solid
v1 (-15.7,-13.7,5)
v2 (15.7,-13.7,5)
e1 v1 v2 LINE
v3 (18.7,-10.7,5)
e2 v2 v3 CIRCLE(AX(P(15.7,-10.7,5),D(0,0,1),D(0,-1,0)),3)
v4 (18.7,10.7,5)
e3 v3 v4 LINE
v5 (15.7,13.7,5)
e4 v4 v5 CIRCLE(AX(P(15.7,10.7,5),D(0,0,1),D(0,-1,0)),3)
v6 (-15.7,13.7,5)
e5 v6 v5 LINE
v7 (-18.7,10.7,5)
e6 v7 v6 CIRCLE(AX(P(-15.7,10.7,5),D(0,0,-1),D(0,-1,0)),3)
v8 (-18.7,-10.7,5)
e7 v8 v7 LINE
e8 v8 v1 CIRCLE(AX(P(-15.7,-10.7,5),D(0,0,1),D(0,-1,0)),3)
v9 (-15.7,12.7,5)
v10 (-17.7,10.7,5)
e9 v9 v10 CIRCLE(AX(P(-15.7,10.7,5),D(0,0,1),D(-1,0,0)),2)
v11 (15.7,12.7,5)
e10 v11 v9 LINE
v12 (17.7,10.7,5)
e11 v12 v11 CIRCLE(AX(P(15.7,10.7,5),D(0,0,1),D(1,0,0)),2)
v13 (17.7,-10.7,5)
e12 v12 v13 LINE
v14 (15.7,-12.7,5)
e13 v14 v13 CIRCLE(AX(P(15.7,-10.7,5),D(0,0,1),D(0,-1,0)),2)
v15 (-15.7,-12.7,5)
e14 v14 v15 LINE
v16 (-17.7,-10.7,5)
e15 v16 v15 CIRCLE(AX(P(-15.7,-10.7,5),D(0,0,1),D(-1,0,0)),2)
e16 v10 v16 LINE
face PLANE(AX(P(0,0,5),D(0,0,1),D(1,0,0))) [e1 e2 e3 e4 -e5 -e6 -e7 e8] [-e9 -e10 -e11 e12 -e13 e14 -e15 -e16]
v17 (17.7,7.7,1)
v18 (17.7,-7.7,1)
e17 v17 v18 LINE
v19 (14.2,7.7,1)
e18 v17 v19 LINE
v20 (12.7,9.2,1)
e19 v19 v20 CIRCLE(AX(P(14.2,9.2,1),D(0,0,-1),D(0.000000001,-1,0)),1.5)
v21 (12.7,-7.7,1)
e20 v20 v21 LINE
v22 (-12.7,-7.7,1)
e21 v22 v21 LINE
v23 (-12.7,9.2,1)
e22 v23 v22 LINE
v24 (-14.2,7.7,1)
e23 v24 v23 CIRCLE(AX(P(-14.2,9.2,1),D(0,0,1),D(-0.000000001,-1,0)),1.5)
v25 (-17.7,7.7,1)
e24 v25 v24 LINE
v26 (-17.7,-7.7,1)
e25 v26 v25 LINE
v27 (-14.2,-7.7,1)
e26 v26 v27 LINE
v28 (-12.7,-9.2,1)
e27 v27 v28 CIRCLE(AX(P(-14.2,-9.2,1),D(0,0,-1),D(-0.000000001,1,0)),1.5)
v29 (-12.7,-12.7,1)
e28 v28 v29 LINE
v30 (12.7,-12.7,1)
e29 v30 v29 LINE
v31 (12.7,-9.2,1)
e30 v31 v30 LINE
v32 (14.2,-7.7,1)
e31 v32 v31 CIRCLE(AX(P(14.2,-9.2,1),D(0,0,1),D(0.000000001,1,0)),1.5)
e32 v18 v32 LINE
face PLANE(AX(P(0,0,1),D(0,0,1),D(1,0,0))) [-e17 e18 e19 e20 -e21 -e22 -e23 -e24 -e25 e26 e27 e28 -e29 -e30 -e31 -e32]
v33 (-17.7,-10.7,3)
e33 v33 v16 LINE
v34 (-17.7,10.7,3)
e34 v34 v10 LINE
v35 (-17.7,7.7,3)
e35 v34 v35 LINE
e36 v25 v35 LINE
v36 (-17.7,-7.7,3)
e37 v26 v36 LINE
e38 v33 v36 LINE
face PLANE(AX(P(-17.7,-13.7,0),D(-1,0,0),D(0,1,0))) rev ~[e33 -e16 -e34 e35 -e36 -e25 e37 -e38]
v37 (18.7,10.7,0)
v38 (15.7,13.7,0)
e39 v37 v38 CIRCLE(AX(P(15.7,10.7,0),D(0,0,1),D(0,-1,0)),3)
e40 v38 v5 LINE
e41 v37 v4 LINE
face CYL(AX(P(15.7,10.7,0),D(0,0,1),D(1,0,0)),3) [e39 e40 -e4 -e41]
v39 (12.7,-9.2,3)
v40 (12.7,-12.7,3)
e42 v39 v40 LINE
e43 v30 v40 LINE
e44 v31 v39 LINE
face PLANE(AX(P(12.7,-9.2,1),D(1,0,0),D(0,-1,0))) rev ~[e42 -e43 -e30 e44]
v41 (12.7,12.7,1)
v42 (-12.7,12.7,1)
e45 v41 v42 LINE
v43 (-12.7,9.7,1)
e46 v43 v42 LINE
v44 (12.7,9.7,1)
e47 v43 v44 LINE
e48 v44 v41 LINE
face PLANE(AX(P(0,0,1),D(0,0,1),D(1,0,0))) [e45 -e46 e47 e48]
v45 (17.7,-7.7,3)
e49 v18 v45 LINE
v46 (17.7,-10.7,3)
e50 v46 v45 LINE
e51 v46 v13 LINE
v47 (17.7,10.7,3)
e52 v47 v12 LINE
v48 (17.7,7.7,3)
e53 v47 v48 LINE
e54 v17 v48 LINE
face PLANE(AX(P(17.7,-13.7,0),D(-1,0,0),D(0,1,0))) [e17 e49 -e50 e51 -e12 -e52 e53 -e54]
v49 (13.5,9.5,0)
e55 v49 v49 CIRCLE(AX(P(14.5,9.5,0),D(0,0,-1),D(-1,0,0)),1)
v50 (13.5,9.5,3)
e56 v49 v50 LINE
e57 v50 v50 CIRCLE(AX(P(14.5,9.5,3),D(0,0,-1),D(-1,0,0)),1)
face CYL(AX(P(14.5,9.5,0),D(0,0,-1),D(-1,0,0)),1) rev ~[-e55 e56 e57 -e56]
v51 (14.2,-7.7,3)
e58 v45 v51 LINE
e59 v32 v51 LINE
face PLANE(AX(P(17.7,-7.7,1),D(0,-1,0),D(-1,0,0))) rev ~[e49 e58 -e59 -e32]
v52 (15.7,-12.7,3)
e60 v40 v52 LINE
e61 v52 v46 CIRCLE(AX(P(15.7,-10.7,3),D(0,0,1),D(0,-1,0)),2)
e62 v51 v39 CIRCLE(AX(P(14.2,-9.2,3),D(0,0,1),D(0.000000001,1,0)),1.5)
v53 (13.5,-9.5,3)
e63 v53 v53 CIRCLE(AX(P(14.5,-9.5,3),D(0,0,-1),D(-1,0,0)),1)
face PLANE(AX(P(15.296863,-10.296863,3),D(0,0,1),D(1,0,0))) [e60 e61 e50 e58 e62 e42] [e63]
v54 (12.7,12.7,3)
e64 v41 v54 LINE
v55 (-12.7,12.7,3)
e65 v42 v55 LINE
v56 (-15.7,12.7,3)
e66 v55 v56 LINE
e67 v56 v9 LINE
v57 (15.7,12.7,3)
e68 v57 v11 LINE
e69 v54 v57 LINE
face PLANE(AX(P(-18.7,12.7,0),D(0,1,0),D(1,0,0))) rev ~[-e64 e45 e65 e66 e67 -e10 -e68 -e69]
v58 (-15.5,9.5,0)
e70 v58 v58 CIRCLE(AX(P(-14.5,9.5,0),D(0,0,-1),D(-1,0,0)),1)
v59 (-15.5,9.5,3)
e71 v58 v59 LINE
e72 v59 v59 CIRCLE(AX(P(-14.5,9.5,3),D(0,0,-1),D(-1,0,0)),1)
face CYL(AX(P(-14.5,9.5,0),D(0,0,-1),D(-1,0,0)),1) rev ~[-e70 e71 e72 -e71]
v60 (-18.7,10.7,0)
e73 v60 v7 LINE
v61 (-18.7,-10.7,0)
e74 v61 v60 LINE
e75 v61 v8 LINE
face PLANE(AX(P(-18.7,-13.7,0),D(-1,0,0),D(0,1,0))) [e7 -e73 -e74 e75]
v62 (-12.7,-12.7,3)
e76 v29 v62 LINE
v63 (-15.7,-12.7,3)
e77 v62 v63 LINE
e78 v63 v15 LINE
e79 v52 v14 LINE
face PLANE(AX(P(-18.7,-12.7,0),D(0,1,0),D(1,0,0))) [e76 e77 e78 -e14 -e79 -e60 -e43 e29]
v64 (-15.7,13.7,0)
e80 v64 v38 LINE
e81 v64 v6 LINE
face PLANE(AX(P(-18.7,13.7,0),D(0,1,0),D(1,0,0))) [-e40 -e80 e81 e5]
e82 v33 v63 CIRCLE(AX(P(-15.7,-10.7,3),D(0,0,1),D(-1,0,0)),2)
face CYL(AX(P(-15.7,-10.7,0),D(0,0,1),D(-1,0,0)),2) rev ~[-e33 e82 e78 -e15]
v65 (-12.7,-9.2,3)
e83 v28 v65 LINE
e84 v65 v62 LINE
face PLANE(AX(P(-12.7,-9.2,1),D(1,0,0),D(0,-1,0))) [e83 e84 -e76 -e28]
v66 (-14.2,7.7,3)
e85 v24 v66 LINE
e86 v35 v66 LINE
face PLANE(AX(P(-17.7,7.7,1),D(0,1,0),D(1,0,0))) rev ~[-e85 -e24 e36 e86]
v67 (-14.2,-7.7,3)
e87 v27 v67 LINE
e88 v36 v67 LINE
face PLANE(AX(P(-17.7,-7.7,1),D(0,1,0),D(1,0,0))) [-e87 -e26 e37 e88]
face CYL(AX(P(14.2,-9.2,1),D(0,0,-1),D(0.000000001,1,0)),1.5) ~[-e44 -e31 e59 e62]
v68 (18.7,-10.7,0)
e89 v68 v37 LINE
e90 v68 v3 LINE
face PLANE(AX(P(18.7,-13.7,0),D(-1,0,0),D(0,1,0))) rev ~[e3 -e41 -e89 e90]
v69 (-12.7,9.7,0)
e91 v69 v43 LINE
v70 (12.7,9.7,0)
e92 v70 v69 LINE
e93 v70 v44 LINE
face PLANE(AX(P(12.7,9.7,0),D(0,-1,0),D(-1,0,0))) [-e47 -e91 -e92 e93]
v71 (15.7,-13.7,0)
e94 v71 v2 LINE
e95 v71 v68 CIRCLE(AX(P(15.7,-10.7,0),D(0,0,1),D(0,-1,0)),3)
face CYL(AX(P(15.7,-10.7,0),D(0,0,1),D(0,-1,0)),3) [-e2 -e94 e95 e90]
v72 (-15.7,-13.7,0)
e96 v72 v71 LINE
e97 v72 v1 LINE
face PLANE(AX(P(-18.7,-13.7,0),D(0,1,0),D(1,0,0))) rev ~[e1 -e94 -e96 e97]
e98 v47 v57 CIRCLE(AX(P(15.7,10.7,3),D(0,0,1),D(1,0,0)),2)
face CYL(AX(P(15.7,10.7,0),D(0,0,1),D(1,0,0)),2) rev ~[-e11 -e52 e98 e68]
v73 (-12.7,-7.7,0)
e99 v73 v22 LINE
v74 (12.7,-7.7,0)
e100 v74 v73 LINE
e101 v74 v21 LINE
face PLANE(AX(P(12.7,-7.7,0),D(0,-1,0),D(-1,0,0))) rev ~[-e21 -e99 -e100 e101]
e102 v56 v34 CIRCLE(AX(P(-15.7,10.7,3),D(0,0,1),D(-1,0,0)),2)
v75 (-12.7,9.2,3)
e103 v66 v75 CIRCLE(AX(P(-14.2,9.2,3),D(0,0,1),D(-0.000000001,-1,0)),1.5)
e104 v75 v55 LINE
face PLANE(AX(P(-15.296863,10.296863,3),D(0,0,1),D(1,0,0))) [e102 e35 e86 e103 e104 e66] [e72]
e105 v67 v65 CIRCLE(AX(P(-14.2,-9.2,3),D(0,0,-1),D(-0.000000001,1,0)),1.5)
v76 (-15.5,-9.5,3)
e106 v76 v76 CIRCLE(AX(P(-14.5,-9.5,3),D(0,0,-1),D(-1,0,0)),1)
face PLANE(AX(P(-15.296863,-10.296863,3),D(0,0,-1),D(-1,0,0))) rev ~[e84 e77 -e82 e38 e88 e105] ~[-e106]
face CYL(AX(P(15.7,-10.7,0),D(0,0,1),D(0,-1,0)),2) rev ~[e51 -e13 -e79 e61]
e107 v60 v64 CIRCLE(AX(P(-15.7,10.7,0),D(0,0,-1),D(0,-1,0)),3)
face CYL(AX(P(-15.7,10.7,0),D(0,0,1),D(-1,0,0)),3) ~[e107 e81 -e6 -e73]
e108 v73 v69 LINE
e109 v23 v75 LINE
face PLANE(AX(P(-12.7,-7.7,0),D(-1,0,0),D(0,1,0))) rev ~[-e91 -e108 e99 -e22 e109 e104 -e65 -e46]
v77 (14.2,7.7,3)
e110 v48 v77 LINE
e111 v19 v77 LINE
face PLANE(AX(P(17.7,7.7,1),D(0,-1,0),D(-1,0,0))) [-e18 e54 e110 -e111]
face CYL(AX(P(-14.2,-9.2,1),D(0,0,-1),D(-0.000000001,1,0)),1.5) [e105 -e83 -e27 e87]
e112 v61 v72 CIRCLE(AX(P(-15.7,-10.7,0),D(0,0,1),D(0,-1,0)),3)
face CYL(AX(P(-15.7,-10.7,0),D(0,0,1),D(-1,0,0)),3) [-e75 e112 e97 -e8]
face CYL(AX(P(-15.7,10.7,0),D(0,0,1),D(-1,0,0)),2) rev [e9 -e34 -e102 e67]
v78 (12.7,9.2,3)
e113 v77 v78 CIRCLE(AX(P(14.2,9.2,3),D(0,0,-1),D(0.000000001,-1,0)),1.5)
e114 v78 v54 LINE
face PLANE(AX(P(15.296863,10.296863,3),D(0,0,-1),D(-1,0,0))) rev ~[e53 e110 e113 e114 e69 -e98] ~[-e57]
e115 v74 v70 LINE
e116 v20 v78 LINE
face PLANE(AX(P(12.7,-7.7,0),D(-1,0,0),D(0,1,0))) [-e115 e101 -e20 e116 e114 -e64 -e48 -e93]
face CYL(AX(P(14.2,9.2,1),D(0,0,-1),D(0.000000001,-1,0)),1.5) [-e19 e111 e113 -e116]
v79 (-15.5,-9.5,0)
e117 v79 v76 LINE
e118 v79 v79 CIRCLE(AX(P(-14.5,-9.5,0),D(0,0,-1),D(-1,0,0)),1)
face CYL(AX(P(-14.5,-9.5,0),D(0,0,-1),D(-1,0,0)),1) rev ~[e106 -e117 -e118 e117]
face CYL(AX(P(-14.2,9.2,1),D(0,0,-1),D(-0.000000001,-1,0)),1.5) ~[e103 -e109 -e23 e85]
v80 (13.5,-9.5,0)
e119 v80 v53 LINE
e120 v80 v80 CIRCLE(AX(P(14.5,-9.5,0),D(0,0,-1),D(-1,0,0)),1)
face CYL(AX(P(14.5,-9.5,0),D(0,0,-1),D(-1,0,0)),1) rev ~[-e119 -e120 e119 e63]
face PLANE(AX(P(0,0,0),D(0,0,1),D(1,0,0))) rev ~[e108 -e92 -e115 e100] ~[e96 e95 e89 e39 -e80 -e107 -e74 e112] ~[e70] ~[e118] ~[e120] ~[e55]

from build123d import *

# Parameters (mm, degrees)
SKETCH_1_W          = 37.4
SKETCH_1_H          = 27.4
EXTRUDE_1_DEPTH     = 5
FILLET_1_R          = 3
SHELL_1_T           = -1
SKETCH_2_W          = 25.4
SKETCH_2_H          = 17.4
CUT_EXTRUDE_1_DEPTH = 10
EXTRUDE_2_DEPTH     = 2
SKETCH_4_R          = 1
CUT_EXTRUDE_2_DEPTH = 24.714552494


with BuildPart() as part:
    # 草图1 → 凸台-拉伸1 (new body)
    with BuildSketch(Plane.XY):
        Rectangle(SKETCH_1_W, SKETCH_1_H)
    extrude(amount=EXTRUDE_1_DEPTH)

    # 圆角1
    fillet_1_edges = [part.edges().sort_by_distance(p)[0] for p in [
        (18.7, -13.7, 2.5),
        (-18.7, -13.7, 2.5),
        (-18.7, 13.7, 2.5),
        (18.7, 13.7, 2.5),
    ]]
    fillet(fillet_1_edges, radius=FILLET_1_R)

    # 抽壳1
    shell_1_openings = [part.faces().sort_by_distance(p)[0] for p in [
        (0, 0, 5),
    ]]
    offset(amount=SHELL_1_T, openings=shell_1_openings, kind=Kind.INTERSECTION)

    # 草图2 → 切除-拉伸1 (cut)
    with BuildSketch(Plane(origin=(0, 0, 0), x_dir=(-1, 0, 0), z_dir=(0, 0, -1))):
        with Locations((0, 1)):
            Rectangle(SKETCH_2_W, SKETCH_2_H)
    extrude(amount=-CUT_EXTRUDE_1_DEPTH, mode=Mode.SUBTRACT)

    # 草图3 → 凸台-拉伸2 (add)
    with BuildSketch(Plane.XY.offset(1)):
        with BuildLine():
            Line((-17.7, -7.7), (-14.2, -7.7))
            ThreePointArc((-14.2, -7.7), (-13.139339828, -8.139339828), (-12.7, -9.2))
            Line((-12.7, -9.2), (-12.7, -12.7))
            Line((-12.7, -12.7), (-17.7, -12.7))
            Line((-17.7, -12.7), (-17.7, -7.7))
        make_face()
        with BuildLine():
            Line((12.7, -9.2), (12.7, -12.7))
            Line((12.7, -12.7), (17.7, -12.7))
            Line((17.7, -12.7), (17.7, -7.7))
            Line((17.7, -7.7), (14.2, -7.7))
            ThreePointArc((14.2, -7.7), (13.139339828, -8.139339828), (12.7, -9.2))
        make_face()
        with BuildLine():
            Line((17.7, 7.7), (14.2, 7.7))
            ThreePointArc((14.2, 7.7), (13.139339828, 8.139339828), (12.7, 9.2))
            Line((12.7, 9.2), (12.7, 12.7))
            Line((12.7, 12.7), (17.7, 12.7))
            Line((17.7, 12.7), (17.7, 7.7))
        make_face()
        with BuildLine():
            Line((-12.7, 9.2), (-12.7, 12.7))
            Line((-12.7, 12.7), (-17.7, 12.7))
            Line((-17.7, 12.7), (-17.7, 7.7))
            Line((-17.7, 7.7), (-14.2, 7.7))
            ThreePointArc((-14.2, 7.7), (-13.139339828, 8.139339828), (-12.7, 9.2))
        make_face()
    extrude(amount=EXTRUDE_2_DEPTH)

    # 草图4 → 切除-拉伸2 (cut, through all)
    with BuildSketch(Plane(origin=(0, 0, 0), x_dir=(-1, 0, 0), z_dir=(0, 0, -1))):
        with Locations((14.5, -9.5)):
            Circle(SKETCH_4_R)
        with Locations((14.5, 9.5)):
            Circle(SKETCH_4_R)
        with Locations((-14.5, 9.5)):
            Circle(SKETCH_4_R)
        with Locations((-14.5, -9.5)):
            Circle(SKETCH_4_R)
    extrude(amount=-CUT_EXTRUDE_2_DEPTH, mode=Mode.SUBTRACT)


solid = part.part
